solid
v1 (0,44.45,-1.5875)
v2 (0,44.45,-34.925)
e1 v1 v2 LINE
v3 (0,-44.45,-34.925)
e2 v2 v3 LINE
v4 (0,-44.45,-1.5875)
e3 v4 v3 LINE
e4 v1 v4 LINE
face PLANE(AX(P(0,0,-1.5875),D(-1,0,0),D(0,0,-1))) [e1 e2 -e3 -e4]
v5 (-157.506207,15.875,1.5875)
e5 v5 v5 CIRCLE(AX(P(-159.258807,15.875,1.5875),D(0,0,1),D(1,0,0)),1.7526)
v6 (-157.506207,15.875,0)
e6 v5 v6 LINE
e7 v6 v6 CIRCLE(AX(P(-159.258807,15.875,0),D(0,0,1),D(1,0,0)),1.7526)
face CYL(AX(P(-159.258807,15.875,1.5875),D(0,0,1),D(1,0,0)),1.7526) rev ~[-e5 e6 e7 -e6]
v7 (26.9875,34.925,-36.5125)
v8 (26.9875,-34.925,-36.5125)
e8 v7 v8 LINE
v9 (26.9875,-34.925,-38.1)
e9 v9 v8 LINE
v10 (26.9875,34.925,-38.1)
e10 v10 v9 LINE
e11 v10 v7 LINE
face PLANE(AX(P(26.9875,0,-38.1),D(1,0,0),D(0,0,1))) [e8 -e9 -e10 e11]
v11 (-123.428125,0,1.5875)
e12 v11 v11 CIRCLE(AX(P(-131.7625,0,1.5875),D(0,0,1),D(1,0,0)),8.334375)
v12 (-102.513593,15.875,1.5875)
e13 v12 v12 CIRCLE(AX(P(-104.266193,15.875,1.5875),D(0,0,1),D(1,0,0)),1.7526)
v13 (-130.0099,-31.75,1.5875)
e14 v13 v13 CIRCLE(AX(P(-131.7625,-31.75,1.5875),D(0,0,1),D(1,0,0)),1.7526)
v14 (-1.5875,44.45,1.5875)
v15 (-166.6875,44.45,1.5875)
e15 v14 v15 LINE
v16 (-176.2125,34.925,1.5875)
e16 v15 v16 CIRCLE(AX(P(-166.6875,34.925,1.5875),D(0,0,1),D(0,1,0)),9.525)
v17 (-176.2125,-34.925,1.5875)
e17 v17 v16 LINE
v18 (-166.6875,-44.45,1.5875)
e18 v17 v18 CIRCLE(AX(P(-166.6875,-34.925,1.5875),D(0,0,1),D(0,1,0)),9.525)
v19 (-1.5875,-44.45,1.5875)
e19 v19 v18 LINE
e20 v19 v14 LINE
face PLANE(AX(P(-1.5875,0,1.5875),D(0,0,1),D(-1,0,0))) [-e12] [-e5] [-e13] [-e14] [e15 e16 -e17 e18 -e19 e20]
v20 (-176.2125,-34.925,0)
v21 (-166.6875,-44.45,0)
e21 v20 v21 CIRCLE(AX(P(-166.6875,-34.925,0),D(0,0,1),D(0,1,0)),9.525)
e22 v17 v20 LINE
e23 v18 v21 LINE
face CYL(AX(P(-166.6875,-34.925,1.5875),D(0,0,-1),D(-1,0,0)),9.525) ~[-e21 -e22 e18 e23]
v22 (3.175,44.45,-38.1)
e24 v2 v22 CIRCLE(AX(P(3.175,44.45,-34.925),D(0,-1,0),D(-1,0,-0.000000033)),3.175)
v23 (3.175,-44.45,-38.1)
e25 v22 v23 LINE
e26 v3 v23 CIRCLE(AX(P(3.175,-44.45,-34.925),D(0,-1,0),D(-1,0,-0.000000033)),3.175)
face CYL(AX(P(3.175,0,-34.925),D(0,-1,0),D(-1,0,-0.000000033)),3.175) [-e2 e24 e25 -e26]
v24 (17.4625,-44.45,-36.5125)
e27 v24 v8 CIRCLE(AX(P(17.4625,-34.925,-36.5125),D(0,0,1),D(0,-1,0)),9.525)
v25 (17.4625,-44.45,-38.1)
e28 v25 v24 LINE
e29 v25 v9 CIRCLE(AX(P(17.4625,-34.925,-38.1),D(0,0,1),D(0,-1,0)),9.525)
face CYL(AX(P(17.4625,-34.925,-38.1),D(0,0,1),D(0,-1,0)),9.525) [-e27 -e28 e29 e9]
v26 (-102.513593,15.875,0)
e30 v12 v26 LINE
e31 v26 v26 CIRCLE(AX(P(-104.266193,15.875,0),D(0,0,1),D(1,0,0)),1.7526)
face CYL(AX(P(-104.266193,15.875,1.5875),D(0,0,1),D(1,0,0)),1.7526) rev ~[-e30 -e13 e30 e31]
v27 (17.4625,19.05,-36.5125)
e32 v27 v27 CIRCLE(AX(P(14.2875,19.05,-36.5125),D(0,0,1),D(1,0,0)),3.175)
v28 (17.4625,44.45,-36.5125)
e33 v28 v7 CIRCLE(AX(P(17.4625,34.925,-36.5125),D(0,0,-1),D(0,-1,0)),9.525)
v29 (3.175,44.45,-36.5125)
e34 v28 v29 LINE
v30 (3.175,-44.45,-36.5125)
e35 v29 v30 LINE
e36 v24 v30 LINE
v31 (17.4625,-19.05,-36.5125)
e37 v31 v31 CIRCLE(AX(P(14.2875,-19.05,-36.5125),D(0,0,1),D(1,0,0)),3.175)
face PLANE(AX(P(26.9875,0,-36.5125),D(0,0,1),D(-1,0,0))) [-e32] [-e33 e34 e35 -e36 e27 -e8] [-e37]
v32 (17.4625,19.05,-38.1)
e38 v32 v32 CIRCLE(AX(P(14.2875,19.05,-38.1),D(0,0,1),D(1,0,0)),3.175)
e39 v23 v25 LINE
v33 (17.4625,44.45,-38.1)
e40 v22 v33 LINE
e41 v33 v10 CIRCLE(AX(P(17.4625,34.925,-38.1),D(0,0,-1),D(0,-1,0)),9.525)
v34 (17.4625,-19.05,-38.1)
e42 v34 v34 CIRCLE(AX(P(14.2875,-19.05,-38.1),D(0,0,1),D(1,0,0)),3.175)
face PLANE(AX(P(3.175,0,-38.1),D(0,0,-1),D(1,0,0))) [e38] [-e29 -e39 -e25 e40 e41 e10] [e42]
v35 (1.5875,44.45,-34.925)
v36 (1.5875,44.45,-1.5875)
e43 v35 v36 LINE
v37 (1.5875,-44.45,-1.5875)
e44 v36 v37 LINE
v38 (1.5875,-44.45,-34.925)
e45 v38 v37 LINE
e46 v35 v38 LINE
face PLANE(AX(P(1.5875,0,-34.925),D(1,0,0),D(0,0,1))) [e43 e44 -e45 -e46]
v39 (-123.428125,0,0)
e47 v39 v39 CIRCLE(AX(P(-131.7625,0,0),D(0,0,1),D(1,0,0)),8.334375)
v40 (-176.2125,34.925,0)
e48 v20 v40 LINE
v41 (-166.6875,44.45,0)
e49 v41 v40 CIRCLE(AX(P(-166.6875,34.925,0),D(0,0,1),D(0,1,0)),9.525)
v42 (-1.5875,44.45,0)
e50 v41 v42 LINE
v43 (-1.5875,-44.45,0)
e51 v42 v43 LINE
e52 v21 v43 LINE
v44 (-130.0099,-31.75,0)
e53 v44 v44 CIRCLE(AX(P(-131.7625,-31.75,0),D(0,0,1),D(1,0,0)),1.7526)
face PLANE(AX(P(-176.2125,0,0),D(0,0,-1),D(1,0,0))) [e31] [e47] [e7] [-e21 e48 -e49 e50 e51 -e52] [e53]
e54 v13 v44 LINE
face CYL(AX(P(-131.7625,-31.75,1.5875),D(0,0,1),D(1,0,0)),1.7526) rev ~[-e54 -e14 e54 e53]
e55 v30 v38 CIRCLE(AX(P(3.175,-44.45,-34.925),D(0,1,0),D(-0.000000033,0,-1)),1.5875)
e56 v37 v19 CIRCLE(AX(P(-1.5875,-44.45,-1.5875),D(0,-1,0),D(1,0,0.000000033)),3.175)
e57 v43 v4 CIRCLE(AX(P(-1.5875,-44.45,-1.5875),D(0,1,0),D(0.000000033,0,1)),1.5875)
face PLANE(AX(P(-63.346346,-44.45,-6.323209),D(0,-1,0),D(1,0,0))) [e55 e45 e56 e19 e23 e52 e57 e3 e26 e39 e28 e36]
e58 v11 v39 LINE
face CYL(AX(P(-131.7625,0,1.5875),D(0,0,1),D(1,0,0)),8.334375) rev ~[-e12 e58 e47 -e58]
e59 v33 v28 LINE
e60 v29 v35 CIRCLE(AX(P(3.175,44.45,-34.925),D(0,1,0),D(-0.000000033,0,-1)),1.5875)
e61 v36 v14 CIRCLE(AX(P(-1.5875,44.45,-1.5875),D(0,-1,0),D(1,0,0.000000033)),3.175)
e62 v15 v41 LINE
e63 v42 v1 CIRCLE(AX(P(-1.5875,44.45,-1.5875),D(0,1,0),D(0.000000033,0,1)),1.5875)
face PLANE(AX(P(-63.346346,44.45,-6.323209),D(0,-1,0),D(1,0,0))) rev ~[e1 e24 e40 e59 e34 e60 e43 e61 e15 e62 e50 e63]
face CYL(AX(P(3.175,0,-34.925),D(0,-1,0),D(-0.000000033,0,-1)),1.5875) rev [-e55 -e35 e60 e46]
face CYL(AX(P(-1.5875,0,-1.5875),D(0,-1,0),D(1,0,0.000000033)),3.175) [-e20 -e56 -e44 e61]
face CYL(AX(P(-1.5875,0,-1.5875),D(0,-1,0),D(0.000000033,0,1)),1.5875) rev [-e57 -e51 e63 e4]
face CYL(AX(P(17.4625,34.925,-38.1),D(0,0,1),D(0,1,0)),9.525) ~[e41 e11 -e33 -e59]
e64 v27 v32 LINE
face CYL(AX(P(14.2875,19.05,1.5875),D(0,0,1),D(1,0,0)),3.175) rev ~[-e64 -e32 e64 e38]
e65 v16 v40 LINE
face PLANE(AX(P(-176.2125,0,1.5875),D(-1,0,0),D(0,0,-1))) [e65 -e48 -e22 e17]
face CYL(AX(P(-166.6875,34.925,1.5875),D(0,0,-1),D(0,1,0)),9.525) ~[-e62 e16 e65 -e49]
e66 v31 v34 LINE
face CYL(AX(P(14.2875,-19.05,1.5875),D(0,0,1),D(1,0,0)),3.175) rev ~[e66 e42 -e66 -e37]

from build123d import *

# Parameters (mm, degrees)
F1_DEPTH = 44.45
F2_R     = 8.334375
F2_R_2   = 3.175
F2_R_3   = 1.7526
F3_DEPTH = 39.6885
F4_R     = 9.525


with BuildPart() as f1:
    # F0 (on Front) → F1 (new body, symmetric)
    with BuildSketch(Plane.XZ):
        with BuildLine():
            Line((-176.2125, 0), (-1.5875, 0))
            ThreePointArc((-1.5875, 0), (-0.464968, -0.464968), (0, -1.5875))
            Line((0, -1.5875), (0, -34.925))
            ThreePointArc((0, -34.925), (0.929936, -37.170064), (3.175, -38.1))
            Line((3.175, -38.1), (26.9875, -38.1))
            Line((26.9875, -38.1), (26.9875, -36.5125))
            Line((26.9875, -36.5125), (3.175, -36.5125))
            ThreePointArc((3.175, -36.5125), (2.052468, -36.047532), (1.5875, -34.925))
            Line((1.5875, -34.925), (1.5875, -1.5875))
            ThreePointArc((1.5875, -1.5875), (0.657564, 0.657564), (-1.5875, 1.5875))
            Line((-1.5875, 1.5875), (-176.2125, 1.5875))
            Line((-176.2125, 1.5875), (-176.2125, 0))
        make_face()
    extrude(amount=F1_DEPTH, both=True)

    # F2 (on face) → F3 (cut, through all)
    with BuildSketch(Plane.XY.offset(1.5875)):
        with Locations((-131.7625, 0)):
            Circle(F2_R)
        with Locations((14.2875, 19.05)):
            Circle(F2_R_2)
        with Locations((14.2875, -19.05)):
            Circle(F2_R_2)
        with Locations((-131.7625, -31.75)):
            Circle(F2_R_3)
        with Locations((-104.266193, 15.875)):
            Circle(F2_R_3)
        with Locations((-159.258807, 15.875)):
            Circle(F2_R_3)
    extrude(amount=-F3_DEPTH, mode=Mode.SUBTRACT)

    # F4
    f4_edges = [f1.edges().sort_by_distance(p)[0] for p in [
        (-176.2125, -44.45, 0.79375),
        (-176.2125, 44.45, 0.79375),
        (26.9875, 44.45, -37.30625),
        (26.9875, -44.45, -37.30625),
    ]]
    fillet(f4_edges, radius=F4_R)


solid = f1.part
